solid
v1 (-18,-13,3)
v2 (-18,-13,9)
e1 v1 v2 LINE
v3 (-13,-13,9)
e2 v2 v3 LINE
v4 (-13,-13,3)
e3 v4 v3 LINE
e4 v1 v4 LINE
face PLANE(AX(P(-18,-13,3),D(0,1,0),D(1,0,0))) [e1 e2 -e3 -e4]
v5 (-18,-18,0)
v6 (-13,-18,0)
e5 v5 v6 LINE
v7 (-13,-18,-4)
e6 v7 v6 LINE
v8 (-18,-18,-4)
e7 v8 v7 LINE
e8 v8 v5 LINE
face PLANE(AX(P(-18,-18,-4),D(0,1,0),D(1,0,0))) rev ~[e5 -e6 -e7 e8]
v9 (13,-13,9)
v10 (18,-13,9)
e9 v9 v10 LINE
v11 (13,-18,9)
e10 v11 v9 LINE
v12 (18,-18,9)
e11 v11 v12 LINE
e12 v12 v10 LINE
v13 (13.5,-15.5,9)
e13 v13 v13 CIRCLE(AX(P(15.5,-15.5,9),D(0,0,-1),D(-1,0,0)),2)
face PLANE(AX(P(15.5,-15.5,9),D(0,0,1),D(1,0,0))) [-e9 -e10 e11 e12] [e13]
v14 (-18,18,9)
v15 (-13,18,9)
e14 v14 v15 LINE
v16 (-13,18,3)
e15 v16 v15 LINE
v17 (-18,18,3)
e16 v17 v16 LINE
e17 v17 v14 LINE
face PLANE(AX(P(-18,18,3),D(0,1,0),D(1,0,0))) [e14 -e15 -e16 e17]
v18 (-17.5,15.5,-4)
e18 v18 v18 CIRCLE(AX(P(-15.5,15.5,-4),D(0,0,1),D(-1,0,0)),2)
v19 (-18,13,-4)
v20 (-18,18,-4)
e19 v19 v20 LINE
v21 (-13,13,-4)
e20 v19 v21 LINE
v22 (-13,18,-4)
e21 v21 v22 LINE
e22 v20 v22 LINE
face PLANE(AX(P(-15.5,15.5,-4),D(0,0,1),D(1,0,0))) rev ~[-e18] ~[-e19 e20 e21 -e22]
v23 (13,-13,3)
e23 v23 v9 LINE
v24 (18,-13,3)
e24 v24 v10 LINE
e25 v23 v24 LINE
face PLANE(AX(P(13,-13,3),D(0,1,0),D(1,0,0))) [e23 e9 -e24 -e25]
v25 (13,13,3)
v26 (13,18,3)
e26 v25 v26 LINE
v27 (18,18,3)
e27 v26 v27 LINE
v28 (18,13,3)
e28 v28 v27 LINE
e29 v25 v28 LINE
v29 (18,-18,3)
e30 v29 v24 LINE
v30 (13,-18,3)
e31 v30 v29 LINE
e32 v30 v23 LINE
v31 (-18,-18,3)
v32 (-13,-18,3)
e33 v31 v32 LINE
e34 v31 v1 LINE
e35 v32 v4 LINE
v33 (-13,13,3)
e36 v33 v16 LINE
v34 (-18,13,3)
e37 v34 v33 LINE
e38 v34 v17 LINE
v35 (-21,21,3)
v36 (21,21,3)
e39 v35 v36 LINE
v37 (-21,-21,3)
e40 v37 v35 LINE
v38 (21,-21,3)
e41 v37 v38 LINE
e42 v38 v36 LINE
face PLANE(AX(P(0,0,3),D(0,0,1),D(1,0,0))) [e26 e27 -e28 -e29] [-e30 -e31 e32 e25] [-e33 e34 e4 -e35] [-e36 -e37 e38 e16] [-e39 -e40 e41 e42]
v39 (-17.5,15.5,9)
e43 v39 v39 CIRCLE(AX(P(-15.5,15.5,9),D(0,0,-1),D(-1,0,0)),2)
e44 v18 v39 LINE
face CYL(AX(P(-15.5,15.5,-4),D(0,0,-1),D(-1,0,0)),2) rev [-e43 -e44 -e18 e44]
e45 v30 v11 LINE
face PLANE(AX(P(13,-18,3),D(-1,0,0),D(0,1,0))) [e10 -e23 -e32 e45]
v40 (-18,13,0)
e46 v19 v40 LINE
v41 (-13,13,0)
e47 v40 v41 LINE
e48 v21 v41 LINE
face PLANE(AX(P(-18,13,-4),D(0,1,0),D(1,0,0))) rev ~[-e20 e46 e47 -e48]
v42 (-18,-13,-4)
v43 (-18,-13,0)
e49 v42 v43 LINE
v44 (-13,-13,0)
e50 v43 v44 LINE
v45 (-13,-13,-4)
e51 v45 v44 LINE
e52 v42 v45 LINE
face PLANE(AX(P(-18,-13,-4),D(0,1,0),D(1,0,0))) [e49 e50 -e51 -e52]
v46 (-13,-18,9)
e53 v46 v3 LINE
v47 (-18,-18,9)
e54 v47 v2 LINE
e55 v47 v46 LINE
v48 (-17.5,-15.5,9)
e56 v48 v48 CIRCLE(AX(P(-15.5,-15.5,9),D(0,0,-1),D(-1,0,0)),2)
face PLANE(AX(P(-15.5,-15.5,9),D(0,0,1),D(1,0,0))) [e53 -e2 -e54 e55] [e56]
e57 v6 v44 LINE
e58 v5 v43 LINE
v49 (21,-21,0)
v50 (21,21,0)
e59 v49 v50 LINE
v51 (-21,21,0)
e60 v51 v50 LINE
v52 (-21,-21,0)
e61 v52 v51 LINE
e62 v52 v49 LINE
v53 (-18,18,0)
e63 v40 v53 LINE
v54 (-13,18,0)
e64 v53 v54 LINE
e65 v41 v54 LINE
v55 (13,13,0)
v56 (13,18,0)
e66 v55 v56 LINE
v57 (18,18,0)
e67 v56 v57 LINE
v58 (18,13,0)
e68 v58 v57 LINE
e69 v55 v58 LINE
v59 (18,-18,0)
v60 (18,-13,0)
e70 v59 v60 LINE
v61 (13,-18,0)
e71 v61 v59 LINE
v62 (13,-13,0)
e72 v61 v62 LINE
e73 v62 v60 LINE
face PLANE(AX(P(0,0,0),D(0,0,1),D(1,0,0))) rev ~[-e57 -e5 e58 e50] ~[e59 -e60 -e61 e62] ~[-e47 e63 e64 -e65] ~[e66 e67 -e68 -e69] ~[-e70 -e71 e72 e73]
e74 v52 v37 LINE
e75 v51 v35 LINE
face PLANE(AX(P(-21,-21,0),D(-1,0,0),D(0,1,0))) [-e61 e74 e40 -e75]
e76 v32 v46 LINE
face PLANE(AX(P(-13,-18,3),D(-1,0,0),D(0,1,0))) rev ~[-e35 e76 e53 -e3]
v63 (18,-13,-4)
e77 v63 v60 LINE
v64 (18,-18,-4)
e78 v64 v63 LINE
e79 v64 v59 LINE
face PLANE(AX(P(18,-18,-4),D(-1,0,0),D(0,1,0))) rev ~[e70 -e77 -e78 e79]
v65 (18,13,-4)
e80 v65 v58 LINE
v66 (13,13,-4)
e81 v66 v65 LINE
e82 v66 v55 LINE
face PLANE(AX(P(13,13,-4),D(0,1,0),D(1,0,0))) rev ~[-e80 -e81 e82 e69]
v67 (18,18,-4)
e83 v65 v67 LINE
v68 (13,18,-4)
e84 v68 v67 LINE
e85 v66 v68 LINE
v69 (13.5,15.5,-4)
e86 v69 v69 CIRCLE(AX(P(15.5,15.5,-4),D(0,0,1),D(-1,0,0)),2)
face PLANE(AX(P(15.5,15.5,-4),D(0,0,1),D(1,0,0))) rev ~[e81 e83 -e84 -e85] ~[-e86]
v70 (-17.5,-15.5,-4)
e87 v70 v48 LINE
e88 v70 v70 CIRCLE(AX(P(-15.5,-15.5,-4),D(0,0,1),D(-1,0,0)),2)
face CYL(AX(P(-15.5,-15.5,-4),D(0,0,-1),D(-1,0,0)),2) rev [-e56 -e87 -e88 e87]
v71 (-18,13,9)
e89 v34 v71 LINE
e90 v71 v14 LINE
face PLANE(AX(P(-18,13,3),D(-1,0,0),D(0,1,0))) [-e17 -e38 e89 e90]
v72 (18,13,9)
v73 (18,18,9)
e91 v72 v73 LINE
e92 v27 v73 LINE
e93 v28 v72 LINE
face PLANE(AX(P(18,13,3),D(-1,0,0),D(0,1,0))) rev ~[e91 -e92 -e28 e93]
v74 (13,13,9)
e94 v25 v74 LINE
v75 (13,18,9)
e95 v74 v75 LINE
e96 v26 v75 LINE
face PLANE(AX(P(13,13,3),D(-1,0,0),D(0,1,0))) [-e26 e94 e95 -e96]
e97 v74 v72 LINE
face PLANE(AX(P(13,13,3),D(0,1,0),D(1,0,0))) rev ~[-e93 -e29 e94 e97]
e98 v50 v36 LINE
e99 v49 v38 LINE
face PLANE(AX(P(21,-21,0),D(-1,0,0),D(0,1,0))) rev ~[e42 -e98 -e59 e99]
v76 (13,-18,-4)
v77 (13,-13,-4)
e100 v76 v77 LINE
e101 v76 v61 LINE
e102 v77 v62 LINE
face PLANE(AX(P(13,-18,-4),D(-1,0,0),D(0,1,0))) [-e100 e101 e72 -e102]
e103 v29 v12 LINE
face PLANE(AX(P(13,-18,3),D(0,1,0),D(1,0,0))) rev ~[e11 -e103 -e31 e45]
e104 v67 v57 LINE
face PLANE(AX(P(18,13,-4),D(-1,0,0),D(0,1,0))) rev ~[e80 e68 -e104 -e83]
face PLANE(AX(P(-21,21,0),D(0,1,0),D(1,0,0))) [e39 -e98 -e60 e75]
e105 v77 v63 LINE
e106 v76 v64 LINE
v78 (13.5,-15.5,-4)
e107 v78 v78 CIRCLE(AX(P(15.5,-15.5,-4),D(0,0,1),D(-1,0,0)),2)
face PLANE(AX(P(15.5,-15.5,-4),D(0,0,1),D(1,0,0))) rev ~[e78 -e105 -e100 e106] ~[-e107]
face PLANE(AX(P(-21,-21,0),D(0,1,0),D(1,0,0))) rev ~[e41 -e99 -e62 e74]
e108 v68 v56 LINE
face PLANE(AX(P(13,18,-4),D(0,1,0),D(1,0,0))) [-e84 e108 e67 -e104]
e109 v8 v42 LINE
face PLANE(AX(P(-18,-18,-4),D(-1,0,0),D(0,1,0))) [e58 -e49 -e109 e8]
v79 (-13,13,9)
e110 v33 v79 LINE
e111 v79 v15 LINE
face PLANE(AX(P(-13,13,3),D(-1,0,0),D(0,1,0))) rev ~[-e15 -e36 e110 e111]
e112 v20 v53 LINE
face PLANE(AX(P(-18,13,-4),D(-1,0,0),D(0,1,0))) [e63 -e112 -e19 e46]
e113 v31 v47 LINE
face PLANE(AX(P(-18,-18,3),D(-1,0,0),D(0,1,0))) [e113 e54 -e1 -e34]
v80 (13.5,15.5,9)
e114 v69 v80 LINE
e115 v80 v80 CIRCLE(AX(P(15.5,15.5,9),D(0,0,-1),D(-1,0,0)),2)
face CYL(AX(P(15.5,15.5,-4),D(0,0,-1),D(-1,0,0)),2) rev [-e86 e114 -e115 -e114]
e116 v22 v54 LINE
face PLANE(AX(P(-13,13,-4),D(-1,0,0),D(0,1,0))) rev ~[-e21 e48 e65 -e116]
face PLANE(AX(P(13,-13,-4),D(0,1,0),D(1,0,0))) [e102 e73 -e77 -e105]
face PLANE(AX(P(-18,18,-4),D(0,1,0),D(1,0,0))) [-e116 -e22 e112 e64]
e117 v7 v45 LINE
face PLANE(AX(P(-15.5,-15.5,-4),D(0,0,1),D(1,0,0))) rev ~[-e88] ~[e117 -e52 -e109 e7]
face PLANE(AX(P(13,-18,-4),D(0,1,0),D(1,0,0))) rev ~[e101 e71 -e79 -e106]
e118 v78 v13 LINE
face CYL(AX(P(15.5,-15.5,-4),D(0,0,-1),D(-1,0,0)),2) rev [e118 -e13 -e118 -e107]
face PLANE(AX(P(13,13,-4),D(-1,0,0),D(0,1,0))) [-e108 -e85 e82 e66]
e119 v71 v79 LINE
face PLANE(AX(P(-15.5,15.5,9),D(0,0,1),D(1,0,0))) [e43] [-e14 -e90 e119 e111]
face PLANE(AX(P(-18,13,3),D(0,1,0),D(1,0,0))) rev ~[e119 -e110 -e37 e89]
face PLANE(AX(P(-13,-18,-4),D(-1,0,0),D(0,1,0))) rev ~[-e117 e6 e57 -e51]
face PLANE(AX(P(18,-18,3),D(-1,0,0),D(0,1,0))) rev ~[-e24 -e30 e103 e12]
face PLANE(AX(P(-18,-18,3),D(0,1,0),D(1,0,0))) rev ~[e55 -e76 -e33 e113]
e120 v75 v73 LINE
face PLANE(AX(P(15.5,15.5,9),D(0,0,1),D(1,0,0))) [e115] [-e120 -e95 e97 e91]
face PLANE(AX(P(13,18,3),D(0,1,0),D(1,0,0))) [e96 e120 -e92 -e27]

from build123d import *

# Parameters (mm, degrees)
SKETCH2_W               = 42
SKETCH2_H               = 42
BOSS_EXTRUDE1_DEPTH     = 3
BOSS_EXTRUDE9_START     = 3
SKETCH2_5_W             = 5
SKETCH2_5_H             = 5
BOSS_EXTRUDE9_DEPTH     = 6
CUT_EXTRUDE3_DEPTH      = 32.032241298
CUT_EXTRUDE3_DEPTH_BACK = 32.032241298
SKETCH2_7_R             = 2
BOSS_EXTRUDE10_START    = -4
SKETCH2_6_W             = 5
SKETCH2_6_H             = 5
SKETCH2_6_R             = 2
BOSS_EXTRUDE10_DEPTH    = 4


with BuildPart() as part:
    # Sketch2 → Boss-Extrude1 (new body)
    with BuildSketch(Plane.XY):
        Rectangle(SKETCH2_W, SKETCH2_H)
    extrude(amount=BOSS_EXTRUDE1_DEPTH)

    # Sketch2<5> → Boss-Extrude9 (add)
    with BuildSketch(Plane.XY.offset(BOSS_EXTRUDE9_START)):
        with Locations((-15.5, 15.5)):
            Rectangle(SKETCH2_5_W, SKETCH2_5_H)
        with Locations((15.5, 15.5)):
            Rectangle(SKETCH2_5_W, SKETCH2_5_H)
        with Locations((15.5, -15.5)):
            Rectangle(SKETCH2_5_W, SKETCH2_5_H)
        with Locations((-15.5, -15.5)):
            Rectangle(SKETCH2_5_W, SKETCH2_5_H)
    extrude(amount=BOSS_EXTRUDE9_DEPTH)

    # Sketch2<7> → Cut-Extrude3 (cut, two sides: drawn at the far end of the back side and taken through both)
    with BuildSketch(Plane.XY.offset(-CUT_EXTRUDE3_DEPTH_BACK)):
        with Locations(Location((-15.5, 15.5, 0), (0, 0, 180))):
            Circle(SKETCH2_7_R)
        with Locations(Location((15.5, 15.5, 0), (0, 0, 180))):
            Circle(SKETCH2_7_R)
        with Locations(Location((15.5, -15.5, 0), (0, 0, 180))):
            Circle(SKETCH2_7_R)
        with Locations(Location((-15.5, -15.5, 0), (0, 0, 180))):
            Circle(SKETCH2_7_R)
    extrude(amount=CUT_EXTRUDE3_DEPTH + CUT_EXTRUDE3_DEPTH_BACK, mode=Mode.SUBTRACT)

    # Sketch2<6> → Boss-Extrude10 (add)
    # profile 1 of 4: a face of its own
    with BuildSketch(Plane.XY.offset(BOSS_EXTRUDE10_START)):
        with Locations((-15.5, -15.5)):
            Rectangle(SKETCH2_6_W, SKETCH2_6_H)
        with Locations(Location((-15.5, -15.5, 0), (0, 0, 180))):
            Circle(SKETCH2_6_R, mode=Mode.SUBTRACT)
    # profile 2 of 4: a face of its own
    with BuildSketch(Plane.XY.offset(BOSS_EXTRUDE10_START)):
        with Locations((15.5, -15.5)):
            Rectangle(SKETCH2_6_W, SKETCH2_6_H)
        with Locations(Location((15.5, -15.5, 0), (0, 0, 180))):
            Circle(SKETCH2_6_R, mode=Mode.SUBTRACT)
    # profile 3 of 4: a face of its own
    with BuildSketch(Plane.XY.offset(BOSS_EXTRUDE10_START)):
        with Locations((15.5, 15.5)):
            Rectangle(SKETCH2_6_W, SKETCH2_6_H)
        with Locations(Location((15.5, 15.5, 0), (0, 0, 180))):
            Circle(SKETCH2_6_R, mode=Mode.SUBTRACT)
    # profile 4 of 4: a face of its own
    with BuildSketch(Plane.XY.offset(BOSS_EXTRUDE10_START)):
        with Locations((-15.5, 15.5)):
            Rectangle(SKETCH2_6_W, SKETCH2_6_H)
        with Locations(Location((-15.5, 15.5, 0), (0, 0, 180))):
            Circle(SKETCH2_6_R, mode=Mode.SUBTRACT)
    extrude(amount=BOSS_EXTRUDE10_DEPTH)


solid = part.part
